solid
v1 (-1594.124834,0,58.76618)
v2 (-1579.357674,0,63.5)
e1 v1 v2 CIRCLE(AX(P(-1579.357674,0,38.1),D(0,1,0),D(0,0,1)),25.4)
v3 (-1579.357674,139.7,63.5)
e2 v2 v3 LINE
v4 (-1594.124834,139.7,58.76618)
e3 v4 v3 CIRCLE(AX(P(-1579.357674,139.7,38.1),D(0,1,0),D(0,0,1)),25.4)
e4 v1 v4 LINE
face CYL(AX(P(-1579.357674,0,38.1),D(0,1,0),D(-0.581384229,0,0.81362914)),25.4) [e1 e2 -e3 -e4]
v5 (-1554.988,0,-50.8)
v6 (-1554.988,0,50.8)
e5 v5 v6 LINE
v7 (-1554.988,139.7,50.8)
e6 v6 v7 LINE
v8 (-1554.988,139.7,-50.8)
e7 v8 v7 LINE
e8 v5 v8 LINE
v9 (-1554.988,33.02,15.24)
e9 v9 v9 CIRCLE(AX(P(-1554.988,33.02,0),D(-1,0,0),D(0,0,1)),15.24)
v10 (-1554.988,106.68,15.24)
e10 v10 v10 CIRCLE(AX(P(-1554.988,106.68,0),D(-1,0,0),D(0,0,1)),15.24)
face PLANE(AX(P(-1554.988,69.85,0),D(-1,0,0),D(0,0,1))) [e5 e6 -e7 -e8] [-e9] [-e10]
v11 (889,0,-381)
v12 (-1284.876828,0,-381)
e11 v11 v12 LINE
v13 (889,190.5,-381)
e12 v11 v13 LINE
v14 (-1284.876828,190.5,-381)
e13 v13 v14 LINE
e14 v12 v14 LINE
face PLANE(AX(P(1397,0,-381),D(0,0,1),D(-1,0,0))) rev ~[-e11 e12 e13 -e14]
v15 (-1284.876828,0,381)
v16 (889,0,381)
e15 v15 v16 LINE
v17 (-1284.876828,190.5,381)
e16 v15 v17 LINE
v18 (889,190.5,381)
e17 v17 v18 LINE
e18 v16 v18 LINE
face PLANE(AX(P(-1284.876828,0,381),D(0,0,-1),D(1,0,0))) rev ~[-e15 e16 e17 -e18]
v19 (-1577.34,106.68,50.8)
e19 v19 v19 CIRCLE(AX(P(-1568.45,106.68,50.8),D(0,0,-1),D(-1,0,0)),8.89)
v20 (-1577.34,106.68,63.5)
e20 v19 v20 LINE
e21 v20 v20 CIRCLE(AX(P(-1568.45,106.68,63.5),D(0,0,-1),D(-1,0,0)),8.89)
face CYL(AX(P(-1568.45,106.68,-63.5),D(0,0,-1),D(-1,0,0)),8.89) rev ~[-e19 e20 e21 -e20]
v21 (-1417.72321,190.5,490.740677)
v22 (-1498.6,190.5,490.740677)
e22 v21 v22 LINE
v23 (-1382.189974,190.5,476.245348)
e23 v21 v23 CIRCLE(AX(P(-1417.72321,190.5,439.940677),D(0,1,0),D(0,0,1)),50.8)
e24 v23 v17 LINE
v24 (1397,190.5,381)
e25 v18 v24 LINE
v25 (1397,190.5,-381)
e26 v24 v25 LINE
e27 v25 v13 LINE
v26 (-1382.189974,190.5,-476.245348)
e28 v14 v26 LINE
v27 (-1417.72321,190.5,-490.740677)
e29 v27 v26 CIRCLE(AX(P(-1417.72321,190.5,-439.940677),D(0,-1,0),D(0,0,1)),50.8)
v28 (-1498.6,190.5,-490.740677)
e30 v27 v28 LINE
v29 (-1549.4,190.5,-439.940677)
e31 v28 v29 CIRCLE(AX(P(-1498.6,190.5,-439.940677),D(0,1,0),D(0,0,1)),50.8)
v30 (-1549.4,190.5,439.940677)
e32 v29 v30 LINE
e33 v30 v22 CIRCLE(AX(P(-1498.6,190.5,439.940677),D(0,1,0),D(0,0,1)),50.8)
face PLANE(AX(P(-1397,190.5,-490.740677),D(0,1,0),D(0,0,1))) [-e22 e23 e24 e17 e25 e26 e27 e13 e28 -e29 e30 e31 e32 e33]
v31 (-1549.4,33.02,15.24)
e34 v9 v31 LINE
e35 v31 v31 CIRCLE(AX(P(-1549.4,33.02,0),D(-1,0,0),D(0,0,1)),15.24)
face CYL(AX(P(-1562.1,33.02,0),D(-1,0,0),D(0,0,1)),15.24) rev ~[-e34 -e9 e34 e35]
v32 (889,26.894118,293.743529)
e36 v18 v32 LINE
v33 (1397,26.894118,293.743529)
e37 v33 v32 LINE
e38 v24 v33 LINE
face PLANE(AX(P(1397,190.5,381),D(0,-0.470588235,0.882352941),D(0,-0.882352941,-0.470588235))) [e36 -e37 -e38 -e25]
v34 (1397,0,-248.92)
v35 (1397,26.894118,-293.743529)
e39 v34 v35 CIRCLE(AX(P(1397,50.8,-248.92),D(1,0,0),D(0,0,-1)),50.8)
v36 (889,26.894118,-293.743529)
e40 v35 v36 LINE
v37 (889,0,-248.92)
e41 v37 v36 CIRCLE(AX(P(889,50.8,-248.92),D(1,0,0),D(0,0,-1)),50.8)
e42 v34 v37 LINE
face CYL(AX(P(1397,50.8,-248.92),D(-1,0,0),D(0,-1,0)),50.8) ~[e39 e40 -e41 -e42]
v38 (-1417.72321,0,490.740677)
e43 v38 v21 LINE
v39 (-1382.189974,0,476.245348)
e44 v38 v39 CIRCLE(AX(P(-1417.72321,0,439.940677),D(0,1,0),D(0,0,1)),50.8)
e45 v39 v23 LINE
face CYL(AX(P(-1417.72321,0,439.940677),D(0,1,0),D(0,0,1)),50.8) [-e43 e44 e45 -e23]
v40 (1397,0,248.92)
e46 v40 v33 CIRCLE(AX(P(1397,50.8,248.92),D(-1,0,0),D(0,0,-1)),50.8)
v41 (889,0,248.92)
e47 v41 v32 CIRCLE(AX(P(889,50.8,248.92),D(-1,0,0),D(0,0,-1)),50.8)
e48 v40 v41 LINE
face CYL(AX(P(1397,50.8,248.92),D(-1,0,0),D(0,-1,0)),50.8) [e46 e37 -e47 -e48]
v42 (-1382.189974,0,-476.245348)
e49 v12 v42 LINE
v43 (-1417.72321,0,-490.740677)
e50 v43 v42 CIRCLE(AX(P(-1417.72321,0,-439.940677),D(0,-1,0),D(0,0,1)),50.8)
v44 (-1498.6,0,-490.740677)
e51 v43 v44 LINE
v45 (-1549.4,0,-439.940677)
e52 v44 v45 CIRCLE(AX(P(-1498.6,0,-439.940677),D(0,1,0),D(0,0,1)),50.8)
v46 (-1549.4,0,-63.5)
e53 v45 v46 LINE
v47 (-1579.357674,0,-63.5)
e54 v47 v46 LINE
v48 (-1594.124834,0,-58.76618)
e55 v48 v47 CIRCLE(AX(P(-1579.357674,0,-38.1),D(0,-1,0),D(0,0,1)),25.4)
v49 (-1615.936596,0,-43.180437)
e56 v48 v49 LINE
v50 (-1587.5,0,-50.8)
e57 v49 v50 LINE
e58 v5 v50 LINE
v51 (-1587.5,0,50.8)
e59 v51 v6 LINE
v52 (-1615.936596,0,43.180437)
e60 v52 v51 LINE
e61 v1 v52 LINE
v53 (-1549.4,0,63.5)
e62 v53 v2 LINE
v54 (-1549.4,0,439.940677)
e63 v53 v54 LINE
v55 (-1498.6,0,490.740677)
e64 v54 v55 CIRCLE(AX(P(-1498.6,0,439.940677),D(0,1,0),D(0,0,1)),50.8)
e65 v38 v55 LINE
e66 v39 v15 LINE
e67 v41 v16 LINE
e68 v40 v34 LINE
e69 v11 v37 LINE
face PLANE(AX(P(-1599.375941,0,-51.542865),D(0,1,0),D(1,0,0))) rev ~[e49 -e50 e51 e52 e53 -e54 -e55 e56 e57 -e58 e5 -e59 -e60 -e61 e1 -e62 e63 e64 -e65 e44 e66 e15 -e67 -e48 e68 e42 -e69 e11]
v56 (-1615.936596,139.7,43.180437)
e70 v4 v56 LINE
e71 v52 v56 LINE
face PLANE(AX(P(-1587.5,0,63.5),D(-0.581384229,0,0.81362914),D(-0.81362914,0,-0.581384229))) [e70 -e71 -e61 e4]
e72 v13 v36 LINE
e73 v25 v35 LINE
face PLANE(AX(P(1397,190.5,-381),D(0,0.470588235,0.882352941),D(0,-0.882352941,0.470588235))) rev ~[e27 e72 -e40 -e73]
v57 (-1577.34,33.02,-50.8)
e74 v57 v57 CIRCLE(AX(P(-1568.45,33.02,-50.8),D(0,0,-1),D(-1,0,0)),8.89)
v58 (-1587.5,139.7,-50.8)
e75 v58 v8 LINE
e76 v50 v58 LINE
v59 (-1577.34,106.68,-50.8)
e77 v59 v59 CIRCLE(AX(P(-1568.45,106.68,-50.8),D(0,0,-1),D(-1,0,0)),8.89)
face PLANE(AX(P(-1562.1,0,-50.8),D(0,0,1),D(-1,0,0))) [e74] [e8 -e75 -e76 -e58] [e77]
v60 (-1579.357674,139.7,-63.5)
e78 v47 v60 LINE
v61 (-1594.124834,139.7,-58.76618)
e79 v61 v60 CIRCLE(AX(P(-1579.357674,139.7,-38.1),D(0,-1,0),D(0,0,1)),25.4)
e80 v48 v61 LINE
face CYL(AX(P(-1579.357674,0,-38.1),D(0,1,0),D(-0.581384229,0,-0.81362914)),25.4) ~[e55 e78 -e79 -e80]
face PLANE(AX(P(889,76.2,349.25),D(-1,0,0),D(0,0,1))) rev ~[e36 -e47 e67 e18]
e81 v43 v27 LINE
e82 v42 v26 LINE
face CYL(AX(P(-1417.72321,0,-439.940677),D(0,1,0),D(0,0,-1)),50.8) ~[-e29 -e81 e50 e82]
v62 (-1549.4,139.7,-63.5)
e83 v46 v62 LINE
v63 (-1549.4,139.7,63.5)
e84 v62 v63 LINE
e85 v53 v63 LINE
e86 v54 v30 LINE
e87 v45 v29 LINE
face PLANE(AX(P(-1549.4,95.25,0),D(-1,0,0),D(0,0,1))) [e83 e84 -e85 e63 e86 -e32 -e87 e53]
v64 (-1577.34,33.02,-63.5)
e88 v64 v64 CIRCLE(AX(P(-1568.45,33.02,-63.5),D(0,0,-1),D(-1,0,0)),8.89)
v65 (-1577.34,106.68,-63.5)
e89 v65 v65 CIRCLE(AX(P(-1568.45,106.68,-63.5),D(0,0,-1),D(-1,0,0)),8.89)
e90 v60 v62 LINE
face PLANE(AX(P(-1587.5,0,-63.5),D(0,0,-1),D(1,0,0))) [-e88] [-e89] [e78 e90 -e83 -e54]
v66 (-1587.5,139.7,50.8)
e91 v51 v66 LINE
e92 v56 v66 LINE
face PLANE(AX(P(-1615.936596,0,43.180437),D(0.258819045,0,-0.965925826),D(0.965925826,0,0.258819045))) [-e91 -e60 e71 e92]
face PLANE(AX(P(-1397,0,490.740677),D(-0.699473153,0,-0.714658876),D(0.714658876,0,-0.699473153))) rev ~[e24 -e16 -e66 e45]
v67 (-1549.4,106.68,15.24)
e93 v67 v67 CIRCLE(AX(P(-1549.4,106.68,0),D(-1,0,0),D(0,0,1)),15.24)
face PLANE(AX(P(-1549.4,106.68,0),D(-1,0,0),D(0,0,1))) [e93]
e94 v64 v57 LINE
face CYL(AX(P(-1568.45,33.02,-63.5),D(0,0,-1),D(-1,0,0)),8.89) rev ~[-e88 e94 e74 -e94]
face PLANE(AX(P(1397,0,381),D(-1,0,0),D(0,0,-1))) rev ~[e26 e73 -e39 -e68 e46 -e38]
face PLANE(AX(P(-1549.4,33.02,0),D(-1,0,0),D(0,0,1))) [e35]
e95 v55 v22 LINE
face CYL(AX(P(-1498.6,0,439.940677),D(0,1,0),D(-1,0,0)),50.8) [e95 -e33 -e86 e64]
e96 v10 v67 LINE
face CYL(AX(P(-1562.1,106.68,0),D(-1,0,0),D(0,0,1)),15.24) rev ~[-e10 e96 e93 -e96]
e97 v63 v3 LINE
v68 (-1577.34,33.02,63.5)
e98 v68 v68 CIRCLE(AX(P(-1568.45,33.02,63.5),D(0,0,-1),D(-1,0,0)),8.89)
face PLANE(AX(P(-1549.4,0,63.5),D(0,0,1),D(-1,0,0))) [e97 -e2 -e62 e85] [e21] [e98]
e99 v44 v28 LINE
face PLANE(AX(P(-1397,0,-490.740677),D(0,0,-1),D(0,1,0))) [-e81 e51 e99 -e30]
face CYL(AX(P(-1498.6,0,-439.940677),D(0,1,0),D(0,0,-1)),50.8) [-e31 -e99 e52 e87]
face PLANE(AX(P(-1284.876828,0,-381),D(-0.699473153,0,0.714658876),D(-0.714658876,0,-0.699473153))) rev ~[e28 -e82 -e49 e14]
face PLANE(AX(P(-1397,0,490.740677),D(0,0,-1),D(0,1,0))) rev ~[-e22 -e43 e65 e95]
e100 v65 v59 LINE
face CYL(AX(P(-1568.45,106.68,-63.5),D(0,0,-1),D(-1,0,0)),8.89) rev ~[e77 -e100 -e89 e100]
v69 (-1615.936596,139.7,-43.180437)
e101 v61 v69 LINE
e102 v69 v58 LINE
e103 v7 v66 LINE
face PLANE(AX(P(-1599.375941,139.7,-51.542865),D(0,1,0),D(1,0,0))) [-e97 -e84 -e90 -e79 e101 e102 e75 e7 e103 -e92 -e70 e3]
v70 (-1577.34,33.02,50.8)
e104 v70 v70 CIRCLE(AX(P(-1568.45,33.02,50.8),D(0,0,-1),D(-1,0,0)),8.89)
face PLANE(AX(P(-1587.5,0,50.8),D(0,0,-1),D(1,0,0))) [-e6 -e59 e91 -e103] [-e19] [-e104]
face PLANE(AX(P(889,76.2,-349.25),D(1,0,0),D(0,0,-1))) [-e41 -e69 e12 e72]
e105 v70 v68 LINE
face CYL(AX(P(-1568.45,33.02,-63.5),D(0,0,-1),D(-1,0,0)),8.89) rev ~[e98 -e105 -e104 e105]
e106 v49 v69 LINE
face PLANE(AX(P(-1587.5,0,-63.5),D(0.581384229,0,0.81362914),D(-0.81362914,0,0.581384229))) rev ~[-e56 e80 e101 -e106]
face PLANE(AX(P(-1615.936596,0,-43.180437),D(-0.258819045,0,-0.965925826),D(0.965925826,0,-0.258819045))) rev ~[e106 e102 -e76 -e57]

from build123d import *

# Parameters (mm, degrees)
BOSS_EXTRUDE1_DEPTH = 190.5
SKETCH3_W           = 981.481353614
SKETCH3_H           = 190.5
BOSS_EXTRUDE2_DEPTH = 152.4
FILLET2_R           = 50.8
CUT_EXTRUDE1_DEPTH  = 508
FILLET3_R           = 50.8
BOSS_EXTRUDE3_DEPTH = 139.7
BOSS_EXTRUDE4_START = -139.7
BOSS_EXTRUDE4_DEPTH = 139.7
SKETCH8_R           = 15.24
CUT_EXTRUDE2_DEPTH  = 12.7
SKETCH10_W          = 101.6
SKETCH10_H          = 139.7
CUT_EXTRUDE4_DEPTH  = 7.112
SKETCH9_R           = 8.89
CUT_EXTRUDE5_DEPTH  = 179.07
FILLET4_R           = 25.4


with BuildPart() as part:
    # Sketch1 → Boss-Extrude1 (new body)
    with BuildSketch(Plane(origin=(0, 0, 0), x_dir=(1, 0, 0), z_dir=(0, 1, 0))):
        Polygon((-1284.876827817, -381), (1397, -381), (1397, 381), (-1284.876827817, 381), (-1397, 490.740676807), (-1397, -490.740676807), align=None)
    extrude(amount=BOSS_EXTRUDE1_DEPTH)

    # Sketch3 → Boss-Extrude2 (add)
    with BuildSketch(Plane.ZY.offset(1397)):
        with Locations((0, 95.25)):
            Rectangle(SKETCH3_W, SKETCH3_H)
    extrude(amount=BOSS_EXTRUDE2_DEPTH)

    # Fillet2
    fillet2_edges = [part.edges().sort_by_distance(p)[0] for p in [
        (-1397, 95.25, 490.740676807),
        (-1397, 95.25, -490.740676807),
        (-1549.4, 95.25, -490.740676807),
        (-1549.4, 95.25, 490.740676807),
    ]]
    fillet(fillet2_edges, radius=FILLET2_R)

    # Sketch4 → Cut-Extrude1 (cut)
    with BuildSketch(Plane(origin=(1397, 0, 0), x_dir=(0, 0, -1), z_dir=(1, 0, 0))):
        Polygon((-381, 190.5), (-279.4, 0), (-381, 0), align=None)
        Polygon((381, 190.5), (279.4, 0), (381, 0), align=None)
    extrude(amount=-CUT_EXTRUDE1_DEPTH, mode=Mode.SUBTRACT)

    # Fillet3
    fillet3_edges = [part.edges().sort_by_distance(p)[0] for p in [
        (1143, 0, 279.4),
        (1143, 0, -279.4),
    ]]
    fillet(fillet3_edges, radius=FILLET3_R)

    # Sketch6 → Boss-Extrude3 (add)
    with BuildSketch(Plane.XZ):
        Polygon((-1562.1, 50.8), (-1562.1, -50.8), (-1587.5, -50.8), (-1587.5, -63.5), (-1549.4, -63.5), (-1549.4, 63.5), (-1587.5, 63.5), (-1587.5, 50.8), align=None)
    extrude(amount=-BOSS_EXTRUDE3_DEPTH)

    # Sketch7 → Boss-Extrude4 (add)
    with BuildSketch(Plane(origin=(0, 139.7, 0), x_dir=(1, 0, 0), z_dir=(0, 1, 0)).offset(BOSS_EXTRUDE4_START)):
        Polygon((-1587.5, 63.5), (-1615.936596207, 43.180437011), (-1587.5, 50.8), align=None)
        Polygon((-1615.936596207, -43.180437011), (-1587.5, -50.8), (-1587.5, -63.5), align=None)
    extrude(amount=BOSS_EXTRUDE4_DEPTH)

    # Sketch8 → Cut-Extrude2 (cut)
    with BuildSketch(Plane.ZY.offset(1562.1)):
        with Locations((0, 106.68)):
            Circle(SKETCH8_R)
        with Locations((0, 33.02)):
            Circle(SKETCH8_R)
    extrude(amount=-CUT_EXTRUDE2_DEPTH, mode=Mode.SUBTRACT)

    # Sketch10 → Cut-Extrude4 (cut)
    with BuildSketch(Plane.ZY.offset(1562.1)):
        with Locations((0, 69.85)):
            Rectangle(SKETCH10_W, SKETCH10_H)
    extrude(amount=-CUT_EXTRUDE4_DEPTH, mode=Mode.SUBTRACT)

    # Sketch9 → Cut-Extrude5 (cut)
    with BuildSketch(Plane(origin=(0, 0, -63.5), x_dir=(-1, 0, 0), z_dir=(0, 0, -1))):
        with Locations((1568.45, 106.68)):
            Circle(SKETCH9_R)
        with Locations((1568.45, 33.02)):
            Circle(SKETCH9_R)
    extrude(amount=-CUT_EXTRUDE5_DEPTH, mode=Mode.SUBTRACT)

    # Fillet4
    fillet4_edges = [part.edges().sort_by_distance(p)[0] for p in [
        (-1587.5, 69.85, -63.5),
        (-1587.5, 69.85, 63.5),
    ]]
    fillet(fillet4_edges, radius=FILLET4_R)


solid = part.part
